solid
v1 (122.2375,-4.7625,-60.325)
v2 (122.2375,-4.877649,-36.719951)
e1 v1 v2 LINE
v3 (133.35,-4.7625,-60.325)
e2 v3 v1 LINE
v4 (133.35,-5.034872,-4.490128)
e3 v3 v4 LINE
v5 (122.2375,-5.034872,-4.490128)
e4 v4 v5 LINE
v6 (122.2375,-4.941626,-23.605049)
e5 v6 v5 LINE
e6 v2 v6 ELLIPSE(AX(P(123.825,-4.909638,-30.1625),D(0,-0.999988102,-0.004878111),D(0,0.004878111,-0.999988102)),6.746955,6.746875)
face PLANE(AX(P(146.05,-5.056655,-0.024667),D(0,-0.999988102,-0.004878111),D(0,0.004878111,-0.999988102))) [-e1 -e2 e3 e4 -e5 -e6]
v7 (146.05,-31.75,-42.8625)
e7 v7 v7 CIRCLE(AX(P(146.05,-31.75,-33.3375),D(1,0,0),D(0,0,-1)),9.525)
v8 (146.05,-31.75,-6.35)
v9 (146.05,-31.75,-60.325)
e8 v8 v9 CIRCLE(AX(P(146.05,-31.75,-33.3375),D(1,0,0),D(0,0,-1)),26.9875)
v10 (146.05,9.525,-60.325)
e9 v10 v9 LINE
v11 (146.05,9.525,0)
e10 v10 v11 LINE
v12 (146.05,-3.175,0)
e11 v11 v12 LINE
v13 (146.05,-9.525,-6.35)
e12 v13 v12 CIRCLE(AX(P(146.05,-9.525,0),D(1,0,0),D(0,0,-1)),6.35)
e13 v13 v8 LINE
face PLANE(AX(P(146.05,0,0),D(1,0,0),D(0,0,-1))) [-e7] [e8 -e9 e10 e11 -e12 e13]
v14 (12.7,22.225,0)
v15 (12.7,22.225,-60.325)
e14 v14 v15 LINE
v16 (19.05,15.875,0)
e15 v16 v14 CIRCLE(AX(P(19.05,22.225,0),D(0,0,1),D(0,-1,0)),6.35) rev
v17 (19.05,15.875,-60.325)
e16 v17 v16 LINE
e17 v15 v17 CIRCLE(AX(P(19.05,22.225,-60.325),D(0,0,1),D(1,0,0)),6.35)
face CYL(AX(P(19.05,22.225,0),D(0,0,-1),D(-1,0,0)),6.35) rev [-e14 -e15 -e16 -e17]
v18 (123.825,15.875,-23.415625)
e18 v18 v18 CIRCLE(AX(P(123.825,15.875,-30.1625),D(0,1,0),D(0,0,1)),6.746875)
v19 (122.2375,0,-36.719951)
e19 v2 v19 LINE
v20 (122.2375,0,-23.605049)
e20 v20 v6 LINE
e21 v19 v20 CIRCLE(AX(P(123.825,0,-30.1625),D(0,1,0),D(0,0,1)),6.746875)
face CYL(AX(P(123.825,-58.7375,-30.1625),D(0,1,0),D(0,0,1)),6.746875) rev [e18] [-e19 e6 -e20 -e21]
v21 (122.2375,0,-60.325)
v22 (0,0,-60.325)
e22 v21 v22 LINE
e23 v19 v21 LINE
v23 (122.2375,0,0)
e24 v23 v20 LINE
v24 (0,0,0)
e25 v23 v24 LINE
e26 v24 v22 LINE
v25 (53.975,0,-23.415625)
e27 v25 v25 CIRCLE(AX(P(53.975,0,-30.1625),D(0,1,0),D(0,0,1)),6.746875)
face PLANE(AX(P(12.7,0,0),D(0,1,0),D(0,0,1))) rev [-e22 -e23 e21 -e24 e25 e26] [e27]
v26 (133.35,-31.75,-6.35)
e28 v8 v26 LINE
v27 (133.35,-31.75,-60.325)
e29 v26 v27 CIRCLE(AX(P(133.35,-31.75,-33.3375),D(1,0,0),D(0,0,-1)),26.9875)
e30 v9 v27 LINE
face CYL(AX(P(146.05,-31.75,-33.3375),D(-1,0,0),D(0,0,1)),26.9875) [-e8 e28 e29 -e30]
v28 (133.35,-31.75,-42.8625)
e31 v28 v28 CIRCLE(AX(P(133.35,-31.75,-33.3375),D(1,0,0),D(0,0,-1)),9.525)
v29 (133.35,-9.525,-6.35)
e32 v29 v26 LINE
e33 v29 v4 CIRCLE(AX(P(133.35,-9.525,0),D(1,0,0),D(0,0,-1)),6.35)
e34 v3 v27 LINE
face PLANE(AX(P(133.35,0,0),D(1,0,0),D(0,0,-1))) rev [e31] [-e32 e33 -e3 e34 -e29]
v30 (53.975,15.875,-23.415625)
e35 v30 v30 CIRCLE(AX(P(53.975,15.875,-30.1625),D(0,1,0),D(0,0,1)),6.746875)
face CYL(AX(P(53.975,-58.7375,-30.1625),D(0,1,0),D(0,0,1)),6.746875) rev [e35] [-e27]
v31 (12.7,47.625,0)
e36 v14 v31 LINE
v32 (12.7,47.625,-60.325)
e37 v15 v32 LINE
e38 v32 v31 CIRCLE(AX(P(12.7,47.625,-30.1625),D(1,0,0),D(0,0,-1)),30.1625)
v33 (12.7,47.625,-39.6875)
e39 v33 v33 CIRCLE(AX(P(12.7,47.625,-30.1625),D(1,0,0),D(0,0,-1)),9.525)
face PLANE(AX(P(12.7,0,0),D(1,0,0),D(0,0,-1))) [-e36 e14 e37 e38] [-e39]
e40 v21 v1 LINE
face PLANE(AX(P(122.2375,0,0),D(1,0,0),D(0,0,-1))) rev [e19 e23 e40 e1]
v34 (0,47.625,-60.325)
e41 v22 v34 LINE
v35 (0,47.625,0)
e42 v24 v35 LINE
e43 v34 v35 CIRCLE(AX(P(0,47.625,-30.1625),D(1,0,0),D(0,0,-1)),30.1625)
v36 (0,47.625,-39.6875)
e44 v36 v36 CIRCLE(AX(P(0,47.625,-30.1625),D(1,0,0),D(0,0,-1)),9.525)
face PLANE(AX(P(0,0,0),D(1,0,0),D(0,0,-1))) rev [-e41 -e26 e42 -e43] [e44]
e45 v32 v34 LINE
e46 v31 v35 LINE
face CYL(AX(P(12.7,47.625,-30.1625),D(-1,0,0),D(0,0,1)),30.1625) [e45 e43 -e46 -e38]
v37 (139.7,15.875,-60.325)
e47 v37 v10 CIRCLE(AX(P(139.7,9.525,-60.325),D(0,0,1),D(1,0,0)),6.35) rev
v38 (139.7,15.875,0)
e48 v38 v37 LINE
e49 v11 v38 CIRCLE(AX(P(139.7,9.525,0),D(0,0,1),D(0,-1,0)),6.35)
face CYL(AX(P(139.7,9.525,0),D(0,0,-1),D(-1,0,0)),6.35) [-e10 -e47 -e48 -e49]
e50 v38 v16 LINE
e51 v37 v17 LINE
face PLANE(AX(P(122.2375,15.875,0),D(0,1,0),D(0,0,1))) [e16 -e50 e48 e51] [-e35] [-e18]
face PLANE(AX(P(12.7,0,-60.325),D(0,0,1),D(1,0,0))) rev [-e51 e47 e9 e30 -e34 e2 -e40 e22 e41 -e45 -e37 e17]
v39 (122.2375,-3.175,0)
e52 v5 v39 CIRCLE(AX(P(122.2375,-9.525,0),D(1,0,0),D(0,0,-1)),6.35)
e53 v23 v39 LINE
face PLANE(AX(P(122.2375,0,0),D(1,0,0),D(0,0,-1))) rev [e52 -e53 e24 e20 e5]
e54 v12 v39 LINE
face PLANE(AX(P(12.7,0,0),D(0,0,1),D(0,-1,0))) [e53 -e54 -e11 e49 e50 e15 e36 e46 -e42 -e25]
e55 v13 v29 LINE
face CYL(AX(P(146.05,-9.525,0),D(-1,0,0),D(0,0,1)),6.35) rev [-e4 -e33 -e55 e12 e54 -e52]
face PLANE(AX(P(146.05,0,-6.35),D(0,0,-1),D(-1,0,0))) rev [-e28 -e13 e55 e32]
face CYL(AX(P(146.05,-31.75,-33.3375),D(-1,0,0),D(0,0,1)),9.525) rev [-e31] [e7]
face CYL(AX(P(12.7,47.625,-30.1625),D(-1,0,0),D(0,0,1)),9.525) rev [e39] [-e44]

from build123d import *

# Parameters (mm, degrees)
SKETCH2_R           = 9.525
BOSS_EXTRUDE1_DEPTH = 12.7
SKETCH2_4_W         = 60.325
SKETCH2_4_H         = 15.875
BOSS_EXTRUDE2_DEPTH = 122.2375
BOSS_EXTRUDE4_START = 122.2375
BOSS_EXTRUDE4_DEPTH = 23.8125
BOSS_EXTRUDE5_START = 133.35
SKETCH2_9_R         = 9.525
BOSS_EXTRUDE5_DEPTH = 12.7
FILLET1_R           = 6.35
SKETCH3_R           = 6.746875
CUT_EXTRUDE1_DEPTH  = 175.747627398


with BuildPart() as part:
    # Sketch2 → Boss-Extrude1 (new body)
    with BuildSketch(Plane(origin=(0, 0, 0), x_dir=(0, 0, -1), z_dir=(1, 0, 0))):
        with BuildLine():
            Line((0, 0), (60.325, 0))
            Line((60.325, 0), (60.325, 47.625))
            ThreePointArc((60.325, 47.625), (30.1625, 77.7875), (0, 47.625))
            Line((0, 47.625), (0, 0))
        make_face()
        with Locations((30.1625, 47.625)):
            Circle(SKETCH2_R, mode=Mode.SUBTRACT)
    extrude(amount=BOSS_EXTRUDE1_DEPTH)

    # Sketch2<4> → Boss-Extrude2 (add)
    with BuildSketch(Plane(origin=(0, 0, 0), x_dir=(0, 0, -1), z_dir=(1, 0, 0))):
        with Locations((30.1625, 7.9375)):
            Rectangle(SKETCH2_4_W, SKETCH2_4_H)
    extrude(amount=BOSS_EXTRUDE2_DEPTH)

    # Sketch2<7> → Boss-Extrude4 (add)
    with BuildSketch(Plane(origin=(0, 0, 0), x_dir=(0, 0, -1), z_dir=(1, 0, 0)).offset(BOSS_EXTRUDE4_START)):
        with BuildLine():
            Line((60.325, -4.7625), (60.325, 15.875))
            Line((60.325, 15.875), (0, 15.875))
            Line((0, 15.875), (0, -3.175))
            ThreePointArc((0, -3.175), (2.430039796, -3.658364969), (4.490128061, -5.034871939))
            Line((4.490128061, -5.034871939), (60.325, -4.7625))
        make_face()
    extrude(amount=BOSS_EXTRUDE4_DEPTH)

    # Sketch2<9> → Boss-Extrude5 (add)
    with BuildSketch(Plane(origin=(0, 0, 0), x_dir=(0, 0, -1), z_dir=(1, 0, 0)).offset(BOSS_EXTRUDE5_START)):
        with BuildLine():
            ThreePointArc((4.490128061, -5.034871939), (5.866635031, -7.094960204), (6.35, -9.525))
            Line((6.35, -9.525), (6.35, -31.75))
            ThreePointArc((6.35, -31.75), (33.3375, -58.7375), (60.325, -31.75))
            Line((60.325, -31.75), (60.325, -4.7625))
            Line((60.325, -4.7625), (4.490128061, -5.034871939))
        make_face()
        with Locations((33.3375, -31.75)):
            Circle(SKETCH2_9_R, mode=Mode.SUBTRACT)
    extrude(amount=BOSS_EXTRUDE5_DEPTH)

    # Fillet1
    fillet1_edges = [part.edges().sort_by_distance(p)[0] for p in [
        (12.7, 15.875, -30.1625),
        (146.05, 15.875, -30.1625),
    ]]
    fillet(fillet1_edges, radius=FILLET1_R)

    # Sketch3 → Cut-Extrude1 (cut, through all)
    with BuildSketch(Plane(origin=(0, 15.875, 0), x_dir=(1, 0, 0), z_dir=(0, 1, 0))):
        with Locations((53.975, 30.1625)):
            Circle(SKETCH3_R)
        with Locations((123.825, 30.1625)):
            Circle(SKETCH3_R)
    extrude(amount=-CUT_EXTRUDE1_DEPTH, mode=Mode.SUBTRACT)


solid = part.part
